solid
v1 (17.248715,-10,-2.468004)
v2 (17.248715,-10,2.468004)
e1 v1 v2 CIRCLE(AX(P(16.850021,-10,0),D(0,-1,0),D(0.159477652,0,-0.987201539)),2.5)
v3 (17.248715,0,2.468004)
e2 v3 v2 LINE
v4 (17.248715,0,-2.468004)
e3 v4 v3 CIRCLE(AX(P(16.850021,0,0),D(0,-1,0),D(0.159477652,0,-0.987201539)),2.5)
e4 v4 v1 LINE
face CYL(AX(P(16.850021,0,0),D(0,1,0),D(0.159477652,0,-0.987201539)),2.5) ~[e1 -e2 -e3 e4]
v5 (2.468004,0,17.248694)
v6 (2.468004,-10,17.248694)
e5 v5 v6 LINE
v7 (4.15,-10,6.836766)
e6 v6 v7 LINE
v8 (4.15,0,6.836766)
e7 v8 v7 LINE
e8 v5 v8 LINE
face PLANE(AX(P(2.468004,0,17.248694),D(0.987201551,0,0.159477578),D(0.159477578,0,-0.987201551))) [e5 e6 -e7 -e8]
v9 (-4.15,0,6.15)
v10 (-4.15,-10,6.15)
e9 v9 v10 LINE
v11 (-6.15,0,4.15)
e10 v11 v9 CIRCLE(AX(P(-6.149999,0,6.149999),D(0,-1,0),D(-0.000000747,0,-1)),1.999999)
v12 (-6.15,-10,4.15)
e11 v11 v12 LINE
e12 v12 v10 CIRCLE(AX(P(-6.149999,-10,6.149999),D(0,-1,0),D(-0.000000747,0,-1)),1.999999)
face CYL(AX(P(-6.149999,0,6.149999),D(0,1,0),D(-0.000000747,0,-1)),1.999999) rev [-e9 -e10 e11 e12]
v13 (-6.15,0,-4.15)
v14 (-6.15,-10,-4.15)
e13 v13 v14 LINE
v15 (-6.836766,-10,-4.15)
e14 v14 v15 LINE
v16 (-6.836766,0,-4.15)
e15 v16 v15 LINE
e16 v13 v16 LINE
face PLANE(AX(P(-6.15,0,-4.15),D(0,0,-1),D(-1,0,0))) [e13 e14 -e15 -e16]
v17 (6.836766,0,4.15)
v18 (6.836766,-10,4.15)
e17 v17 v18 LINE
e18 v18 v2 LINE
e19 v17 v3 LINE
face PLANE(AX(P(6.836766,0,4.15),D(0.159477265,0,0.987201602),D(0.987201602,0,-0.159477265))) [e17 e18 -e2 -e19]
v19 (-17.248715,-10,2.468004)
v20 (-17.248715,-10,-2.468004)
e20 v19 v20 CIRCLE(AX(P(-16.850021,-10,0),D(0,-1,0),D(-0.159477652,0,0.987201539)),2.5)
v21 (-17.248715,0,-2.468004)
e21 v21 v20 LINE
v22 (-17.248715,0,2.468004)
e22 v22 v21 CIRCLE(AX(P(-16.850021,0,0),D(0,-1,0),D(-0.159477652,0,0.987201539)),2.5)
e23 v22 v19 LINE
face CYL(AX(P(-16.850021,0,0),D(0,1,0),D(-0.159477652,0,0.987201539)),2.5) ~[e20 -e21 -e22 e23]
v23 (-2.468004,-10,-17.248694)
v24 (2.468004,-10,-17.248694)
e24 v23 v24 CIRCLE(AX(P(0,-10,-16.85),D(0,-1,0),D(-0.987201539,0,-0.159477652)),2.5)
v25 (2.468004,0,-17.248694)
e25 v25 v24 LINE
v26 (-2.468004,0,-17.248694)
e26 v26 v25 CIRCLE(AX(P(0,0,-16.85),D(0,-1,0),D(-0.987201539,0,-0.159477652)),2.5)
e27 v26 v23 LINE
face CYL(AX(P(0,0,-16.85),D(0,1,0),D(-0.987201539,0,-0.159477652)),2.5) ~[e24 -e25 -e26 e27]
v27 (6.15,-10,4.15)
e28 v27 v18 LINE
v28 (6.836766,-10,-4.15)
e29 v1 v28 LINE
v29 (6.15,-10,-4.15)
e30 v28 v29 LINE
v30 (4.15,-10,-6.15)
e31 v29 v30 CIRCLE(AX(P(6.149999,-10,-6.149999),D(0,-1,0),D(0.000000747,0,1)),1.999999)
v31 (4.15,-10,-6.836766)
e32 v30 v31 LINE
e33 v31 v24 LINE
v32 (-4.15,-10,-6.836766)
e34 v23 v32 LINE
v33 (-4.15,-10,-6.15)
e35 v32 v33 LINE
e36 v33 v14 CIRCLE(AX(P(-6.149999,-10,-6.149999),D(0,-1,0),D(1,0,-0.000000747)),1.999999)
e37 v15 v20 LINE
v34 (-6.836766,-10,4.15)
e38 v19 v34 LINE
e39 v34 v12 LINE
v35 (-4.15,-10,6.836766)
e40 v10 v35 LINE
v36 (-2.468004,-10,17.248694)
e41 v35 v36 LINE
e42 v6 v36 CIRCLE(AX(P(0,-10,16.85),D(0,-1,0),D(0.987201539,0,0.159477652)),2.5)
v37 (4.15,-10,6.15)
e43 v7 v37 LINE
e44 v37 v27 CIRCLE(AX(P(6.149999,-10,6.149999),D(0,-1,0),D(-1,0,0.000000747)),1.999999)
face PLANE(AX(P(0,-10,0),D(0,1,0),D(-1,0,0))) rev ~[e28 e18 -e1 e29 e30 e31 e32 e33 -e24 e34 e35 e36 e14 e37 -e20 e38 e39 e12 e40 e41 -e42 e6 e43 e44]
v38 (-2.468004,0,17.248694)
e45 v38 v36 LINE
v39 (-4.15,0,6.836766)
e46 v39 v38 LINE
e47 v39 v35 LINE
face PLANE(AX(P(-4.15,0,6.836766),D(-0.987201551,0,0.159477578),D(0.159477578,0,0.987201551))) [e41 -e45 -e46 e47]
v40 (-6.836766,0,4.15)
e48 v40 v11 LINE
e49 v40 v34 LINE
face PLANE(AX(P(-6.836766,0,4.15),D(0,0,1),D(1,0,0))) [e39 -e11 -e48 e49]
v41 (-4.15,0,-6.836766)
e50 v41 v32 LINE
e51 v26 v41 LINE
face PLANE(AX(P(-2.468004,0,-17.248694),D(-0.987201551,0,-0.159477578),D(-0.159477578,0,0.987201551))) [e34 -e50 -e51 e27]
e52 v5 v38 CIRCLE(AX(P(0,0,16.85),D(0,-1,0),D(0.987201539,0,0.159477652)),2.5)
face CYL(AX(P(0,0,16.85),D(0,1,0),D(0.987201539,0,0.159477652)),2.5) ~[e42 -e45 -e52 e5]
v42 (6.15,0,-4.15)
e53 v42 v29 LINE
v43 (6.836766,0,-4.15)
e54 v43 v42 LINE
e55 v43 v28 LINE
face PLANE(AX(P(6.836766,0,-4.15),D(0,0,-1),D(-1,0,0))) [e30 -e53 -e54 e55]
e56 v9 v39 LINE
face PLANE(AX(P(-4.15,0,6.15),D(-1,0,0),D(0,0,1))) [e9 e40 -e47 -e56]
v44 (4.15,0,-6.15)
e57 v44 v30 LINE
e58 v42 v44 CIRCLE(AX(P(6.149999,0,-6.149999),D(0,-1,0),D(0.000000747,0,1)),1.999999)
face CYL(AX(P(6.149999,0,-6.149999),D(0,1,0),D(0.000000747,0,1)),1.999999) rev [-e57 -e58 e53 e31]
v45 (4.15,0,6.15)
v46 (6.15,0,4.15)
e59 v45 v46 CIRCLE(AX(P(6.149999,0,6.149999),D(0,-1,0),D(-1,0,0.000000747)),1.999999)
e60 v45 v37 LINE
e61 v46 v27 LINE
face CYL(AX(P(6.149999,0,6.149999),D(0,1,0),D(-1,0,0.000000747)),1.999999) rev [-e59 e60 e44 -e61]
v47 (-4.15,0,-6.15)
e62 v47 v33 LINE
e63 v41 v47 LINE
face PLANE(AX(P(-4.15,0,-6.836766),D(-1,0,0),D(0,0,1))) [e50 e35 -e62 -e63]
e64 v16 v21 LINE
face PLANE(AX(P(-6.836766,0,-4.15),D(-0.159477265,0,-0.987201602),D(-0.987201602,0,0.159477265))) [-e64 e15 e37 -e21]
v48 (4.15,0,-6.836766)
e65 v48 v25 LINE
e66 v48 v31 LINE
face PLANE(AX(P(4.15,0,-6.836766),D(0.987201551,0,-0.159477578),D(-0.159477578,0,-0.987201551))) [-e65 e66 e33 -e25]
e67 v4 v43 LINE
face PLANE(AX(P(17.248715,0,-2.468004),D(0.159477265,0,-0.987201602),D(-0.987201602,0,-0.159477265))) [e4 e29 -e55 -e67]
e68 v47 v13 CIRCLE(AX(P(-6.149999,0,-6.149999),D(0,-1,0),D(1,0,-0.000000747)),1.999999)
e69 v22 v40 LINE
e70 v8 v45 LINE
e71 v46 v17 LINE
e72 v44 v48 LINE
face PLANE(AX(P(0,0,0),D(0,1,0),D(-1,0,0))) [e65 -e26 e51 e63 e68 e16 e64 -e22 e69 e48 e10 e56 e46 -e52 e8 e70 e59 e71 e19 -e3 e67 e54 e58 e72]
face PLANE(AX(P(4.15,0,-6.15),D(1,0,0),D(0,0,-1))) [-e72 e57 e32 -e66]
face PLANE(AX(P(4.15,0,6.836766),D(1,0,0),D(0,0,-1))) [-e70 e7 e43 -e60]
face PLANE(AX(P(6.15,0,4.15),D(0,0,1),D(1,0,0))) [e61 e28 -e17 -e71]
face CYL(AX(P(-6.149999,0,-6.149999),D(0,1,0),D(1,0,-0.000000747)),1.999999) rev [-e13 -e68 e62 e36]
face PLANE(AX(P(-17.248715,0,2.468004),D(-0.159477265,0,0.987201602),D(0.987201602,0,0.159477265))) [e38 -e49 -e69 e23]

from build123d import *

# Parameters (mm, degrees)
PAD_DEPTH = 10


with BuildPart() as part:
    # Sketch → Pad (new body)
    with BuildSketch(Plane.XZ):
        with BuildLine():
            Line((-6.836766, 4.15), (-6.15, 4.15))
            ThreePointArc((-6.15, 4.15), (-4.735786, 4.735786), (-4.15, 6.15))
            Line((-4.15, 6.15), (-4.15, 6.836766))
            Line((-4.15, 6.836766), (-2.468004, 17.248694))
            ThreePointArc((2.468004, 17.248694), (0, 19.35), (-2.468004, 17.248694))
            Line((2.468004, 17.248694), (4.15, 6.836766))
            Line((4.15, 6.836766), (4.15, 6.15))
            ThreePointArc((4.15, 6.15), (4.735786, 4.735786), (6.15, 4.15))
            Line((6.15, 4.15), (6.836766, 4.15))
            Line((6.836766, 4.15), (17.248715, 2.468004))
            ThreePointArc((17.248715, -2.468004), (19.350021, 0), (17.248715, 2.468004))
            Line((17.248715, -2.468004), (6.836766, -4.15))
            Line((6.836766, -4.15), (6.15, -4.15))
            ThreePointArc((6.15, -4.15), (4.735786, -4.735786), (4.15, -6.15))
            Line((4.15, -6.15), (4.15, -6.836766))
            Line((4.15, -6.836766), (2.468004, -17.248694))
            ThreePointArc((-2.468004, -17.248694), (0, -19.35), (2.468004, -17.248694))
            Line((-2.468004, -17.248694), (-4.15, -6.836766))
            Line((-4.15, -6.836766), (-4.15, -6.15))
            ThreePointArc((-4.15, -6.15), (-4.735786, -4.735786), (-6.15, -4.15))
            Line((-6.15, -4.15), (-6.836766, -4.15))
            Line((-6.836766, -4.15), (-17.248715, -2.468004))
            ThreePointArc((-17.248715, 2.468004), (-19.350021, 0), (-17.248715, -2.468004))
            Line((-17.248715, 2.468004), (-6.836766, 4.15))
        make_face()
    extrude(amount=PAD_DEPTH)


solid = part.part
